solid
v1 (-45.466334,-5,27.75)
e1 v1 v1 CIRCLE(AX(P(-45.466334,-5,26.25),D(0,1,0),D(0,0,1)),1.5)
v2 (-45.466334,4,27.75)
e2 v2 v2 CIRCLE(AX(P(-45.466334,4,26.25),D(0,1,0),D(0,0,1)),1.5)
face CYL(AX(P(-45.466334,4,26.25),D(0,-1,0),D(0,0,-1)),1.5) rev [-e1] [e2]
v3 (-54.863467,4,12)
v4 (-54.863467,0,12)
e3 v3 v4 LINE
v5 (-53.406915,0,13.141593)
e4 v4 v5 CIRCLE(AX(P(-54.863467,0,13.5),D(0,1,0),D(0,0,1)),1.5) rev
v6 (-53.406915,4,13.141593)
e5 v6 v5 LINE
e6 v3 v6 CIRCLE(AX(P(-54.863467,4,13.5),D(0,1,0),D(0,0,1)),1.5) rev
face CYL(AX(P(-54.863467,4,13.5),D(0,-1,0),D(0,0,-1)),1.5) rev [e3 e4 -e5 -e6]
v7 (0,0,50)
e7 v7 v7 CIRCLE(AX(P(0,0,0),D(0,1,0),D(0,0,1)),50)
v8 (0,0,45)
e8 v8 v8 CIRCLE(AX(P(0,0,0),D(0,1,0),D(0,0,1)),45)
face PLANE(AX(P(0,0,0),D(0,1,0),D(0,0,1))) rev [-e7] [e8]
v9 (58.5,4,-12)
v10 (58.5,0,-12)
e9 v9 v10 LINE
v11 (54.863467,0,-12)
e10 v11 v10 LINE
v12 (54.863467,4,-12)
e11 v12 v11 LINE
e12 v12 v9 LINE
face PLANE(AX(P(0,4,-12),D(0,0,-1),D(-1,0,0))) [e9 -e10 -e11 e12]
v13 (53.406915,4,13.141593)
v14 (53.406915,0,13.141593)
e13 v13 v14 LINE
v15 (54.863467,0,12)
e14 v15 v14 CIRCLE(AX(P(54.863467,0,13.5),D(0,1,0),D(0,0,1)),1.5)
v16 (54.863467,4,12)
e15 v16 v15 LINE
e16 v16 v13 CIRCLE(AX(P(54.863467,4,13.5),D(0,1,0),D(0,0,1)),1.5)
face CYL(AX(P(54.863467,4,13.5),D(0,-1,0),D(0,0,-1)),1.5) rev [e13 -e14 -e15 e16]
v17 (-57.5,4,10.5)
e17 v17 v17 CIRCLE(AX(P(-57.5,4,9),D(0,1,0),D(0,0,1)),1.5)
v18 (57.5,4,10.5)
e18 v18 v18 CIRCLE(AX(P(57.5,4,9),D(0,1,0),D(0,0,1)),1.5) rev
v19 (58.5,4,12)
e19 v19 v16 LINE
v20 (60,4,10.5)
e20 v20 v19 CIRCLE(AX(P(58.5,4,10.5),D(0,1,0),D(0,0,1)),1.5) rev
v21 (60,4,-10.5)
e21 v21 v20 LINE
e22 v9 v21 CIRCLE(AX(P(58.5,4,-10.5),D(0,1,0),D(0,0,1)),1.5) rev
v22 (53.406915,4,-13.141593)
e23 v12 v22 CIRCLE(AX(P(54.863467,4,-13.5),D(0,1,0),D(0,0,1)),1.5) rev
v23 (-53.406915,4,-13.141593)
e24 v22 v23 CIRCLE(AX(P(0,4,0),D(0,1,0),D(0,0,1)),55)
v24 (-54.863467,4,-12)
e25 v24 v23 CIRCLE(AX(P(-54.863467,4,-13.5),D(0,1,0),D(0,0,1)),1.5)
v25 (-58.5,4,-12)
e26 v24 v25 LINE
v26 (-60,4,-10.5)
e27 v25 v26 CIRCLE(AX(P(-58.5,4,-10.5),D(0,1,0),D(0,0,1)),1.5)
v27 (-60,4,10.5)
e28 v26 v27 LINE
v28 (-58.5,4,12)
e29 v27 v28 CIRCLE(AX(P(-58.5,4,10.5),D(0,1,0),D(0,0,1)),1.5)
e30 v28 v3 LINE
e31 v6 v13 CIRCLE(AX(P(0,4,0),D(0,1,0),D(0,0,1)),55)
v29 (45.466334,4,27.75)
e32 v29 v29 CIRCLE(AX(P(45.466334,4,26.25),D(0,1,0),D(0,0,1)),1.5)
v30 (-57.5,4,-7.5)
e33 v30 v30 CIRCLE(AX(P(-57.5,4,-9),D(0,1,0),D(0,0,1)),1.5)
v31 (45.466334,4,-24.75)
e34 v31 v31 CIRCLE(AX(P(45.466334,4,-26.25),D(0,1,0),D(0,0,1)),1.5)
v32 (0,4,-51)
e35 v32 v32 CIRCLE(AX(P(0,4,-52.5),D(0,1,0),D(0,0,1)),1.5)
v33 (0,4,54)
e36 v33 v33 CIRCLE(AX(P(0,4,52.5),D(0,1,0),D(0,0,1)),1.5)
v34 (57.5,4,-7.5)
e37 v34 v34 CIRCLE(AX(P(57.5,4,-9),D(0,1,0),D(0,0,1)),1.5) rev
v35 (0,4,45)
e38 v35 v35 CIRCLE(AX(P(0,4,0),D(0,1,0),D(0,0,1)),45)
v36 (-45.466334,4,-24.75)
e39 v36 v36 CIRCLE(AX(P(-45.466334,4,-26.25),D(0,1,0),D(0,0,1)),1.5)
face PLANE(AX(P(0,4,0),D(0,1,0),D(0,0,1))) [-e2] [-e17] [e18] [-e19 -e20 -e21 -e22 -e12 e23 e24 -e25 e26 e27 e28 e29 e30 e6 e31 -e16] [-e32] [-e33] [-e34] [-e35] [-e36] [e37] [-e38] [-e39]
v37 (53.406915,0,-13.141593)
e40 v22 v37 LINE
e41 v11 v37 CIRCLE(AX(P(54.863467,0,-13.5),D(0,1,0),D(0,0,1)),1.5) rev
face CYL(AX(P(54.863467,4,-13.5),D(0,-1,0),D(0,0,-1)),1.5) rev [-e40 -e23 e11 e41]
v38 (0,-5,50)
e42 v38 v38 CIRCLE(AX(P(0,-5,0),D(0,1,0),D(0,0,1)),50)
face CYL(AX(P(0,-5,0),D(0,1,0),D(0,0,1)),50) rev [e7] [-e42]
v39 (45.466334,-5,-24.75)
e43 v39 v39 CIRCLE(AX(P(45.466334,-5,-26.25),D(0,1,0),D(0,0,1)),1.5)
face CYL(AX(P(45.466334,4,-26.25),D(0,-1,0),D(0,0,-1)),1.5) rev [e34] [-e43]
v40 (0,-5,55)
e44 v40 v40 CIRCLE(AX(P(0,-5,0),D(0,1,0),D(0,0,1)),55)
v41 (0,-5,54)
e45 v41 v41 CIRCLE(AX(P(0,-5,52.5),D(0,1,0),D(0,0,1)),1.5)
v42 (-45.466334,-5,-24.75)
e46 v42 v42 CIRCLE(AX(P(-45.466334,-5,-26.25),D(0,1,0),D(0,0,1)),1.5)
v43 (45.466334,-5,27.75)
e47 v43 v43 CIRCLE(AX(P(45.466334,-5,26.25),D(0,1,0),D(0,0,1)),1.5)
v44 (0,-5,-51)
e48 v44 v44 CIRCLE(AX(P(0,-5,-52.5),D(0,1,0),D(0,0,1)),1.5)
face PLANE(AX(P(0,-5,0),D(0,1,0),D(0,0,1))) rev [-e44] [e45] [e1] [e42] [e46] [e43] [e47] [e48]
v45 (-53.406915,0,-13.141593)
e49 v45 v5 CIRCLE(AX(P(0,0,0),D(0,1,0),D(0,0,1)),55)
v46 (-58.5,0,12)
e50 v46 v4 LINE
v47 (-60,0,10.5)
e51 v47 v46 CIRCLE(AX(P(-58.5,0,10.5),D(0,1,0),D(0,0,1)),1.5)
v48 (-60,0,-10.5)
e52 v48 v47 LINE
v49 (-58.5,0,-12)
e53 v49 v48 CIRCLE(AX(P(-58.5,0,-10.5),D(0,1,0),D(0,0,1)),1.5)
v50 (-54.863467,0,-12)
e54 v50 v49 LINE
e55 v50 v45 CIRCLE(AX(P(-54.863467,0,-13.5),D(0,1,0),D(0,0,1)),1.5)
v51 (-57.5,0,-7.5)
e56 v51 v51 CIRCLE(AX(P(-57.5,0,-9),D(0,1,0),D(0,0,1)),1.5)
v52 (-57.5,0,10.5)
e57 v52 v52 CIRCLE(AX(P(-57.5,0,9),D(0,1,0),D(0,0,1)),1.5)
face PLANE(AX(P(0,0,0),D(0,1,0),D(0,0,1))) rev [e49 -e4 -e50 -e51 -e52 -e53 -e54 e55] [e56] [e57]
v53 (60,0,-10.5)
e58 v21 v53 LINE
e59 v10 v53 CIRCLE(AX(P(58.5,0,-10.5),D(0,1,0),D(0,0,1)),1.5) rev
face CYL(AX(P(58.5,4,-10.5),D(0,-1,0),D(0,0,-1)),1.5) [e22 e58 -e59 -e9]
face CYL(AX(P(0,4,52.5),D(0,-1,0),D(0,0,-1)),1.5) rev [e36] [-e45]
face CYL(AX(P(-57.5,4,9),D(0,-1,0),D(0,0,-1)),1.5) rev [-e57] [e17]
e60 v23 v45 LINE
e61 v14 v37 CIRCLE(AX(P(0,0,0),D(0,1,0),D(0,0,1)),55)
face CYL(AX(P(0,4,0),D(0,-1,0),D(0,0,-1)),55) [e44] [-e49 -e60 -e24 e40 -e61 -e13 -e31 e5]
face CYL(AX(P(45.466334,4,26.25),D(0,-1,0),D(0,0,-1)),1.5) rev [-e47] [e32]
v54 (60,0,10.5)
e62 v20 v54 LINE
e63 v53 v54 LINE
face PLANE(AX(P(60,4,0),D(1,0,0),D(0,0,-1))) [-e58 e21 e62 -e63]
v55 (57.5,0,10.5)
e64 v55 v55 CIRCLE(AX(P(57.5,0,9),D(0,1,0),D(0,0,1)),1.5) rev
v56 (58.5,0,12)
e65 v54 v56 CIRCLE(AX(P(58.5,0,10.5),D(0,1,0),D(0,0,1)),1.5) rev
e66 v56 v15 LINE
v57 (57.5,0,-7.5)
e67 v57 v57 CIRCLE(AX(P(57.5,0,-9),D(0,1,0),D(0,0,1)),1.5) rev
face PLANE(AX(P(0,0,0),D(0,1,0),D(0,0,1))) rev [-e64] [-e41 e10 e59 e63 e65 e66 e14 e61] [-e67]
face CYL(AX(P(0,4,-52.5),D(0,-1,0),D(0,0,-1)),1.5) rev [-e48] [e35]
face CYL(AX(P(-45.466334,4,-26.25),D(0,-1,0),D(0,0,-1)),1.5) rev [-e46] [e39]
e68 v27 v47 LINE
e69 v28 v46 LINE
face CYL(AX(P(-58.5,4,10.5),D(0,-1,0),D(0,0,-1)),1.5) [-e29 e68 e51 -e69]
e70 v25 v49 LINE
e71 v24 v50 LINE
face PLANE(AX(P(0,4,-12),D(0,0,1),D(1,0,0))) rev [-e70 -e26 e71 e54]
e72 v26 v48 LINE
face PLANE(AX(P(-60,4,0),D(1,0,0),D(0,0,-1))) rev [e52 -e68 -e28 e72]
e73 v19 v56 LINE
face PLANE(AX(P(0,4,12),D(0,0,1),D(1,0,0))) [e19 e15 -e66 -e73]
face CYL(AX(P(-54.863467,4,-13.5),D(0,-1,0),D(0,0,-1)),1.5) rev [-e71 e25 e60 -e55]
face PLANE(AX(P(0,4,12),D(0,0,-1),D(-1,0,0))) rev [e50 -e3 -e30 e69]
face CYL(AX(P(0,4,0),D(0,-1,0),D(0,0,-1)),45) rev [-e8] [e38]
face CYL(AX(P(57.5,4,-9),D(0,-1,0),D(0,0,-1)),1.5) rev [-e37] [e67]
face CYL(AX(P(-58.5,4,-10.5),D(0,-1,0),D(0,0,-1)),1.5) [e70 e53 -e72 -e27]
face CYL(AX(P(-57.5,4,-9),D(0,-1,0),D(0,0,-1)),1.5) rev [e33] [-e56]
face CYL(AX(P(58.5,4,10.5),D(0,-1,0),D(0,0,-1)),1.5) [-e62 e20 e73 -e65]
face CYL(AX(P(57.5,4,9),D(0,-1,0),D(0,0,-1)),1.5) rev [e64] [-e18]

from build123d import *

# Parameters (mm, degrees)
SKETCH_1_R      = 1.5
SKETCH_1_R_2    = 45
EXTRUDE_1_DEPTH = 4
EXTRUDE_START   = -5
SKETCH_2_R      = 55
SKETCH_2_R_2    = 1.5
SKETCH_2_R_3    = 50
EXTRUDE_2_DEPTH = 5


with BuildPart() as part:
    # 草图1 → 凸台-拉伸1 (new body)
    with BuildSketch(Plane(origin=(0, 0, 0), x_dir=(1, 0, 0), z_dir=(0, 1, 0))):
        with BuildLine():
            ThreePointArc((-54.863466897, 12), (-53.938159008, 12.31940468), (-53.406914679, 13.14159292))
            ThreePointArc((-53.406914679, 13.14159292), (0, 55), (53.406914679, 13.14159292))
            ThreePointArc((53.406914679, 13.14159292), (53.938159008, 12.31940468), (54.863466897, 12))
            Line((54.863466897, 12), (58.5, 12))
            ThreePointArc((58.5, 12), (59.560660172, 11.560660172), (60, 10.5))
            Line((60, 10.5), (60, -10.5))
            ThreePointArc((60, -10.5), (59.560660172, -11.560660172), (58.5, -12))
            Line((58.5, -12), (54.863466897, -12))
            ThreePointArc((54.863466897, -12), (53.938159008, -12.31940468), (53.406914679, -13.14159292))
            ThreePointArc((53.406914679, -13.14159292), (0, -55), (-53.406914679, -13.14159292))
            ThreePointArc((-53.406914679, -13.14159292), (-53.938159008, -12.31940468), (-54.863466897, -12))
            Line((-54.863466897, -12), (-58.5, -12))
            ThreePointArc((-58.5, -12), (-59.560660172, -11.560660172), (-60, -10.5))
            Line((-60, -10.5), (-60, 10.5))
            ThreePointArc((-60, 10.5), (-59.560660172, 11.560660172), (-58.5, 12))
            Line((-58.5, 12), (-54.863466897, 12))
        make_face()
        with Locations(Location((-45.466333699, 26.25, 0), (0, 0, 270))):
            Circle(SKETCH_1_R, mode=Mode.SUBTRACT)
        with Locations(Location((-45.466333699, -26.25, 0), (0, 0, 270))):
            Circle(SKETCH_1_R, mode=Mode.SUBTRACT)
        with Locations(Location((0, -52.5, 0), (0, 0, 270))):
            Circle(SKETCH_1_R, mode=Mode.SUBTRACT)
        with Locations(Location((45.466333699, -26.25, 0), (0, 0, 270))):
            Circle(SKETCH_1_R, mode=Mode.SUBTRACT)
        with Locations(Location((45.466333699, 26.25, 0), (0, 0, 270))):
            Circle(SKETCH_1_R, mode=Mode.SUBTRACT)
        with Locations(Location((0, 52.5, 0), (0, 0, 270))):
            Circle(SKETCH_1_R, mode=Mode.SUBTRACT)
        with Locations(Location((57.5, 9, 0), (0, 0, 270))):
            Circle(SKETCH_1_R, mode=Mode.SUBTRACT)
        with Locations(Location((-57.5, -9, 0), (0, 0, 270))):
            Circle(SKETCH_1_R, mode=Mode.SUBTRACT)
        with Locations(Location((-57.5, 9, 0), (0, 0, 270))):
            Circle(SKETCH_1_R, mode=Mode.SUBTRACT)
        with Locations(Location((0, 0, 0), (0, 0, 270))):
            Circle(SKETCH_1_R_2, mode=Mode.SUBTRACT)
        with Locations(Location((57.5, -9, 0), (0, 0, 270))):
            Circle(SKETCH_1_R, mode=Mode.SUBTRACT)
    extrude(amount=EXTRUDE_1_DEPTH)

    # 草图2 → 凸台-拉伸2 (add)
    with BuildSketch(Plane(origin=(0, 0, 0), x_dir=(1, 0, 0), z_dir=(0, 1, 0)).offset(EXTRUDE_START)):
        with Locations(Location((0, 0, 0), (0, 0, 13.823871882))):
            Circle(SKETCH_2_R)
        with Locations(Location((-45.466333699, 26.25, 0), (0, 0, 270))):
            Circle(SKETCH_2_R_2, mode=Mode.SUBTRACT)
        with Locations(Location((-45.466333699, -26.25, 0), (0, 0, 270))):
            Circle(SKETCH_2_R_2, mode=Mode.SUBTRACT)
        with Locations(Location((0, -52.5, 0), (0, 0, 270))):
            Circle(SKETCH_2_R_2, mode=Mode.SUBTRACT)
        with Locations(Location((45.466333699, -26.25, 0), (0, 0, 270))):
            Circle(SKETCH_2_R_2, mode=Mode.SUBTRACT)
        with Locations(Location((45.466333699, 26.25, 0), (0, 0, 270))):
            Circle(SKETCH_2_R_2, mode=Mode.SUBTRACT)
        with Locations(Location((0, 52.5, 0), (0, 0, 270))):
            Circle(SKETCH_2_R_2, mode=Mode.SUBTRACT)
        with Locations(Location((0, 0, 0), (0, 0, 270))):
            Circle(SKETCH_2_R_3, mode=Mode.SUBTRACT)
    extrude(amount=EXTRUDE_2_DEPTH)


solid = part.part
